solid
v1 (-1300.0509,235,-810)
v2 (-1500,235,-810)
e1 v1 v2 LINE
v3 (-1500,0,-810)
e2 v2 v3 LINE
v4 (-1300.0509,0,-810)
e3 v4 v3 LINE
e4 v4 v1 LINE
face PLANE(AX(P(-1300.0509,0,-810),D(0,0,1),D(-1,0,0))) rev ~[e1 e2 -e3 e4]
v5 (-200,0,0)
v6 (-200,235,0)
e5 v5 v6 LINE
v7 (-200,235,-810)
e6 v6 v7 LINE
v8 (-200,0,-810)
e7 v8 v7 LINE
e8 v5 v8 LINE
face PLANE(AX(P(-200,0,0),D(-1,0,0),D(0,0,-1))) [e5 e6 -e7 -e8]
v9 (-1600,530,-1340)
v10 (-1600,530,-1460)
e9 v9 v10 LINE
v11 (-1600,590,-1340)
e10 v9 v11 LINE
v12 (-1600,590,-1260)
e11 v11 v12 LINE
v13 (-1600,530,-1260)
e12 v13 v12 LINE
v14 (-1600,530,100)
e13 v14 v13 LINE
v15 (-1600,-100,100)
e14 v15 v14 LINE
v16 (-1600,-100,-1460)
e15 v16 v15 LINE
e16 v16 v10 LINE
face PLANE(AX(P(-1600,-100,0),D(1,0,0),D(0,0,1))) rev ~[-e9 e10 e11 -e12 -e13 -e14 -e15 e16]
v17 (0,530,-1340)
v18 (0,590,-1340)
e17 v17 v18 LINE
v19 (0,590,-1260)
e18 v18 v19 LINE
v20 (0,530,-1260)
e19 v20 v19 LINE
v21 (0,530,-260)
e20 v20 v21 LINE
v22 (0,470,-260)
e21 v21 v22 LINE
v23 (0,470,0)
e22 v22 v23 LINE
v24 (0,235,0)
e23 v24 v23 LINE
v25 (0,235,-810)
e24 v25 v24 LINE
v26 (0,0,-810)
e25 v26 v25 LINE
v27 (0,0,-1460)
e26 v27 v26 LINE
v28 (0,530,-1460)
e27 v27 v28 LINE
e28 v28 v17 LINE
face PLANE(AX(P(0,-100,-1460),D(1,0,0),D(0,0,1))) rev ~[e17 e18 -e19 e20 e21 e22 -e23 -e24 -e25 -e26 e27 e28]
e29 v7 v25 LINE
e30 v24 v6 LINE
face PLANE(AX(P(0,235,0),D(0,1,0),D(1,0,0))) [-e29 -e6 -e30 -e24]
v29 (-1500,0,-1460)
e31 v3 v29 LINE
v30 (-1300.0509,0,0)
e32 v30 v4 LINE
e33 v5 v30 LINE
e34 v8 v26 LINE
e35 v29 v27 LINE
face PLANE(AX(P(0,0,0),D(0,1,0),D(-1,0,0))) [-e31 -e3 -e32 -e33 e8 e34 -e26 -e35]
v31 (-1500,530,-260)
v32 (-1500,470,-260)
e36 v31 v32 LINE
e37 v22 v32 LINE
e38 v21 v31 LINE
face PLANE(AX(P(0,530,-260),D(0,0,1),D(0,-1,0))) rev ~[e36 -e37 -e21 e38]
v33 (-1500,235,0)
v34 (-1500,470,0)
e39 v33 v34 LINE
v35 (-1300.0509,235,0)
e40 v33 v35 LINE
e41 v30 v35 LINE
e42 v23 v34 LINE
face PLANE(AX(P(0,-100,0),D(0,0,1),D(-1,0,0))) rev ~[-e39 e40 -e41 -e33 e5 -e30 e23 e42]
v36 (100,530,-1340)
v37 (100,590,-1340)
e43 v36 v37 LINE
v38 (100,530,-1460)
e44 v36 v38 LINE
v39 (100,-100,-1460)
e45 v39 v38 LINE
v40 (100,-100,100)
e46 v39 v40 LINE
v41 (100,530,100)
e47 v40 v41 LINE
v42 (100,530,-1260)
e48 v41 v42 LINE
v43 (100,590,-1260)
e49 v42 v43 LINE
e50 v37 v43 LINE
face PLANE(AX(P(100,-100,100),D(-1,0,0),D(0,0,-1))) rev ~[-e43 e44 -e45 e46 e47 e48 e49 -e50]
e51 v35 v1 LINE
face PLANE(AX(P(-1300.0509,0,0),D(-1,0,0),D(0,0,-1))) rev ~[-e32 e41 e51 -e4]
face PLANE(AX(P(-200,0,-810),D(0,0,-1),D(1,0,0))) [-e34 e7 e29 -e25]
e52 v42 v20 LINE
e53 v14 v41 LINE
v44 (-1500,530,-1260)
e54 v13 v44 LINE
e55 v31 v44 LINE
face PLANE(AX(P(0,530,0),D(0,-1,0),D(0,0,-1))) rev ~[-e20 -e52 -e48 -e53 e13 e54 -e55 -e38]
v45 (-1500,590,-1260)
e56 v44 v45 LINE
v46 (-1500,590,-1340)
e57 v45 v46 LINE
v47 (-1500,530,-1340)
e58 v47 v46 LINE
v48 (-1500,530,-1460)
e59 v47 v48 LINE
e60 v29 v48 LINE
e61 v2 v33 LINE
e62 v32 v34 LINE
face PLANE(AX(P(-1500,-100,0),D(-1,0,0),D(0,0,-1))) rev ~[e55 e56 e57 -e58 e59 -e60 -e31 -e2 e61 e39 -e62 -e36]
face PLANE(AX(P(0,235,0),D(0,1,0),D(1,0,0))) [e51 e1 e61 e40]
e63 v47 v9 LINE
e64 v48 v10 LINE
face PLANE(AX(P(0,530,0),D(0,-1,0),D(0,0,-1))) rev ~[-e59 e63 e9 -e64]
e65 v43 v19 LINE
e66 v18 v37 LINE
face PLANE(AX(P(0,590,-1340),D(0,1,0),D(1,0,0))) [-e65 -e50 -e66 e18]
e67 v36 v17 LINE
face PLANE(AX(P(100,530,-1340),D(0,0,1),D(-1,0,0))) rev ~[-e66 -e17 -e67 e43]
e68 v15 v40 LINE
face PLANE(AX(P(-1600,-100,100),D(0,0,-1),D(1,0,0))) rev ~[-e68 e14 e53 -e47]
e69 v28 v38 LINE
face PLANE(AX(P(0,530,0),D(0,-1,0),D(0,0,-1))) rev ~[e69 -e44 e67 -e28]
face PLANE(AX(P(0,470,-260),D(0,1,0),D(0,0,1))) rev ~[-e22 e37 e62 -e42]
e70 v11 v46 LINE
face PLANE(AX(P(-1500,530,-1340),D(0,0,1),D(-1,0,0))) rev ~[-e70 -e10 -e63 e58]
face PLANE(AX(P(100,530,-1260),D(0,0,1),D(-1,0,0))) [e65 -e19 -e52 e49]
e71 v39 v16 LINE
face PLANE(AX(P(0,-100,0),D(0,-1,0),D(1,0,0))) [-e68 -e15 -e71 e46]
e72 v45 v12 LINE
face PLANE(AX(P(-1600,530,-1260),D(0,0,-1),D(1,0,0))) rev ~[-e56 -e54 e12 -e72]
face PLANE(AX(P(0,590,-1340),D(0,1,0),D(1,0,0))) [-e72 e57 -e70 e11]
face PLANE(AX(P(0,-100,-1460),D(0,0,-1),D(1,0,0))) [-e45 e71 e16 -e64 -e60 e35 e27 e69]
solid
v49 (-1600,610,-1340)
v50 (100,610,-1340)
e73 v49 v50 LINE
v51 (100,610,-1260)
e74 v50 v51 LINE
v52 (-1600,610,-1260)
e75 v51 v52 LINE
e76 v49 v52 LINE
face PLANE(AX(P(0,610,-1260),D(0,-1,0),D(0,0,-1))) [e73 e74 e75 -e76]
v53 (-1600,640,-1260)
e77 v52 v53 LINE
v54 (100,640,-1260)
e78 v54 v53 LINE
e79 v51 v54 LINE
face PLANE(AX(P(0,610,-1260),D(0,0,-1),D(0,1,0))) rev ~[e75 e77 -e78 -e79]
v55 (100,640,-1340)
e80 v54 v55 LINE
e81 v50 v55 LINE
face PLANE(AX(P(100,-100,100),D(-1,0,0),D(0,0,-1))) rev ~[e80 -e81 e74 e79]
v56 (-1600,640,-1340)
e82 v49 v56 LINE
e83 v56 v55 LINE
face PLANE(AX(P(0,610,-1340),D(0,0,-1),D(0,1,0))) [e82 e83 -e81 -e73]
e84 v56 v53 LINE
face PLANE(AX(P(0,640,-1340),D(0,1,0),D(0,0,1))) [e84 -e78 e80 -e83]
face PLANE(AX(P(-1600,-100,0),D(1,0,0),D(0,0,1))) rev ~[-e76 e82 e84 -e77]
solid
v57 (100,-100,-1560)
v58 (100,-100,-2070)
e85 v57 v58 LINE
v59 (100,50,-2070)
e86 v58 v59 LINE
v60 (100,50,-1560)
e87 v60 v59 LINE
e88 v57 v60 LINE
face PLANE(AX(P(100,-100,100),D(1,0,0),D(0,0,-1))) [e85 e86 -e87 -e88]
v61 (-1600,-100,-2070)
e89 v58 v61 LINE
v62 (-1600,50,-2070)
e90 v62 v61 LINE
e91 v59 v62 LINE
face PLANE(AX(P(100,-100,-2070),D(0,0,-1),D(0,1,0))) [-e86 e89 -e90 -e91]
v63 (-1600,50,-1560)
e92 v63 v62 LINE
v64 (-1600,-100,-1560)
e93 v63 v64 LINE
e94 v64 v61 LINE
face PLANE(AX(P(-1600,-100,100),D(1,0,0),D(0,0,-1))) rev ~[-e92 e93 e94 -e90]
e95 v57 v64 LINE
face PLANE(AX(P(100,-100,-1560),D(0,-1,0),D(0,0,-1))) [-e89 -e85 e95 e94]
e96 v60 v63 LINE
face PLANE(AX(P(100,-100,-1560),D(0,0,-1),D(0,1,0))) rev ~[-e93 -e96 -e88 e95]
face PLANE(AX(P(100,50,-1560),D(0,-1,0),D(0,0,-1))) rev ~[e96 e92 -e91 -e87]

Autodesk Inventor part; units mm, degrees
ref_plane "YZ Plane" through (0, 0, 0) normal (1, 0, 0) x (0, 1, 0)
ref_plane "XZ Plane" through (0, 0, 0) normal (0, 1, 0) x (-1, 0, 0)
ref_plane "XY Plane" through (0, 0, 0) normal (0, 0, 1) x (1, 0, 0)
sketch "Sketch1" plane through (0, 0, 0) normal (0, 1, 0) x (-1, 0, 0)
  line L0 (0, 0) -> (1500, 0)
  line L1 (1500, 0) -> (1500, -1460)
  line L2 (1500, -1460) -> (0, -1460)
  line L3 (0, -1460) -> (0, 0)
  dimension "d0" = 1500
  dimension "d1" = 1460
extrude "Extrusion1" add sketch "Sketch1" against normal blind 100
sketch "Sketch2" plane through (0, 0, 0) normal (0, 1, 0) x (1, 0, 0)
  line L0 (-1500.0509, 0) -> (-1300.0509, 0)
  line L1 (-1300.0509, 0) -> (-1300.0509, 810)
  line L2 (-1300.0509, 810) -> (-1500.0509, 810)
  line L3 (-1500.0509, 810) -> (-1500.0509, 0)
  line L4 (0, 0) -> (-200, 0)
  line L5 (-200, 0) -> (-200, 810)
  line L6 (-200, 810) -> (0, 810)
  line L7 (0, 810) -> (0, 0)
  dimension "d4" = 200
  dimension "d5" = 810
  dimension "d6" = 200
  dimension "d7" = 810
extrude "Extrusion2" add sketch "Sketch2" along normal blind 235
sketch "Sketch3" plane through (0, -100, 0) normal (0, -1, 0) x (1, 0, 0)
  line L0 (-1500, 0) -> (-1500, -1460) projected
  line L1 (0, 0) -> (-1500, 0)
  line L2 (-1500, 0) -> (-1500, -1460)
  line L3 (-1500, -1460) -> (0, -1460)
  line L4 (0, -1460) -> (0, 0)
  line L5 (-1500, -1460) -> (-1600, -1460)
  line L6 (-1600, -1460) -> (-1600, 0)
  line L7 (-1600, 0) -> (-1500, 0)
  line L8 (-1500, 0) -> (-1500, -1460)
  line L9 (0, -1460) -> (100, -1460)
  line L10 (100, -1460) -> (100, 0)
  line L11 (100, 0) -> (0, 0)
  line L12 (0, 0) -> (0, -1460)
  line L13 (100, 0) -> (-1600, 0)
  line L14 (-1600, 0) -> (-1600, 100)
  line L15 (-1600, 100) -> (100, 100)
  line L16 (100, 100) -> (100, 0)
  dimension "d10" = 100
  dimension "d11" = 100
  dimension "d12" = 1700
  dimension "d13" = 100
extrude "Extrusion3" add sketch "Sketch3" against normal blind 630 contours L7 L14 L15 L16 L11 L1 | L0 L5 L6 L7 | L11 L10 L9 L4
sketch "Sketch4" plane through (0, 0, -1460) normal (-1, 0, 0) x (0, 0, 1)
  line L0 (1460, 530) -> (1200, 530)
  line L1 (1200, 530) -> (1200, 470)
  line L2 (1200, 470) -> (1460, 470)
  line L3 (1460, 470) -> (1460, 530)
  point P0 (1460, 0)
  dimension "d16" = 260
  dimension "d17" = 60
extrude "Extrusion4" add sketch "Sketch4" along normal blind 1500
sketch "Sketch5" plane through (0, 530, 0) normal (0, 1, 0) x (1, 0, 0)
  line L0 (100, 1460) -> (0, 1460) projected
  line L1 (100, -100) -> (100, 1460) projected
  line L2 (0, 1460) -> (100, 1460)
  line L3 (100, 1460) -> (100, 1340)
  line L4 (100, 1340) -> (0, 1340)
  line L5 (0, 1340) -> (0, 1460)
  line L6 (-1500, 1460) -> (-1600, 1460) projected
  line L7 (-1500, 260) -> (-1500, 1460) projected
  line L8 (-1600, 1460) -> (-1500, 1460)
  line L9 (-1500, 1460) -> (-1500, 1340)
  line L10 (-1500, 1340) -> (-1600, 1340)
  line L11 (-1600, 1340) -> (-1600, 1460)
  line L12 (0, 1340) -> (100, 1340)
  line L13 (100, 1340) -> (100, 1260)
  line L14 (100, 1260) -> (0, 1260)
  line L15 (0, 1260) -> (0, 1340)
  line L16 (-1600, 1460) -> (-1600, -100) projected
  line L17 (-1500, 1340) -> (-1600, 1340)
  line L18 (-1600, 1340) -> (-1600, 1260)
  line L19 (-1600, 1260) -> (-1500, 1260)
  line L20 (-1500, 1260) -> (-1500, 1340)
  point P0 (0, 0)
  dimension "d20" = 120
  dimension "d21" = 120
  dimension "d22" = 80
  dimension "d23" = 80
extrude "Extrusion5" add sketch "Sketch5" along normal blind 110 contours L1 L14 L15 L4 | L7 L19 L16 L10
sketch "Sketch6" plane through (100, 530, -1340) normal (0, 0, -1) x (-1, 0, 0)
  line L0 (0, 0) -> (0, 110) projected
  line L1 (100, 0) -> (100, 110) projected
  line L2 (0, 110) -> (100, 110)
  line L3 (100, 110) -> (100, 80)
  line L4 (100, 80) -> (0, 80)
  line L5 (0, 80) -> (0, 110)
  line L6 (0, 80) -> (1700, 80)
  line L7 (1700, 80) -> (1700, 60)
  line L8 (1700, 60) -> (0, 60)
  line L9 (0, 60) -> (0, 80)
  point P0 (100, -530)
  dimension "d26" = 30
  dimension "d27" = 1700
  dimension "d28" = 20
extrude "Extrusion6" cut sketch "Sketch6" against normal blind 80 contours L0 L4 L1 L8 | L1 L6 L7 L8
sketch "Sketch7" plane through (0, 640, -1340) normal (-1, 0, 0) x (0, 0, 1)
  line L0 (80, -30) -> (80, 0) projected
  line L1 (0, 0) -> (80, 0)
  line L2 (80, 0) -> (80, -30)
  line L3 (80, -30) -> (0, -30)
  line L4 (0, -30) -> (0, 0)
  point P0 (1340, -640)
  dimension "d31" = 80
  dimension "d32" = 30
extrude "Extrusion7" add sketch "Sketch7" along normal blind 1500
sketch "Sketch8" plane through (100, -100, 100) normal (1, 0, 0) x (0, 0, -1)
  line L0 (1560, 0) -> (1560, 630) projected
  line L1 (1560, 0) -> (1660, 0)
  line L2 (1560, 0) -> (1660, 0) construction
  line L3 (1660, 0) -> (1660, 50)
  line L4 (1660, 0) -> (1710, 0) construction
  line L5 (1660, 50) -> (2170, 50)
  line L6 (2170, 50) -> (1660, 50)
  line L7 (1660, 50) -> (1660, 150)
  line L8 (1660, 150) -> (2170, 150)
  line L9 (2170, 150) -> (2170, 50)
  line L10 (2170, 150) -> (1660, 150)
  line L11 (1660, 150) -> (1660, 0)
  line L12 (1660, 0) -> (2170, 0)
  line L13 (2170, 0) -> (2170, 150)
  point P0 (100, 100)
  dimension "d35" = 100
  dimension "d36" = 0
  dimension "d37" = 50
  dimension "d38" = 90
  dimension "d39" = 510
  dimension "d40" = 90
  dimension "d41" = 510
  dimension "d42" = 100
extrude "Extrusion8" add sketch "Sketch8" against normal blind 1700
sketch "Sketch9" plane through (0, 0, 0) normal (0, 1, 0) x (1, 0, 0)
  line L0 (0, 1310) -> (-1500, 1310)
  point P0 (0, 0)
properties part number "0 - Ute"
